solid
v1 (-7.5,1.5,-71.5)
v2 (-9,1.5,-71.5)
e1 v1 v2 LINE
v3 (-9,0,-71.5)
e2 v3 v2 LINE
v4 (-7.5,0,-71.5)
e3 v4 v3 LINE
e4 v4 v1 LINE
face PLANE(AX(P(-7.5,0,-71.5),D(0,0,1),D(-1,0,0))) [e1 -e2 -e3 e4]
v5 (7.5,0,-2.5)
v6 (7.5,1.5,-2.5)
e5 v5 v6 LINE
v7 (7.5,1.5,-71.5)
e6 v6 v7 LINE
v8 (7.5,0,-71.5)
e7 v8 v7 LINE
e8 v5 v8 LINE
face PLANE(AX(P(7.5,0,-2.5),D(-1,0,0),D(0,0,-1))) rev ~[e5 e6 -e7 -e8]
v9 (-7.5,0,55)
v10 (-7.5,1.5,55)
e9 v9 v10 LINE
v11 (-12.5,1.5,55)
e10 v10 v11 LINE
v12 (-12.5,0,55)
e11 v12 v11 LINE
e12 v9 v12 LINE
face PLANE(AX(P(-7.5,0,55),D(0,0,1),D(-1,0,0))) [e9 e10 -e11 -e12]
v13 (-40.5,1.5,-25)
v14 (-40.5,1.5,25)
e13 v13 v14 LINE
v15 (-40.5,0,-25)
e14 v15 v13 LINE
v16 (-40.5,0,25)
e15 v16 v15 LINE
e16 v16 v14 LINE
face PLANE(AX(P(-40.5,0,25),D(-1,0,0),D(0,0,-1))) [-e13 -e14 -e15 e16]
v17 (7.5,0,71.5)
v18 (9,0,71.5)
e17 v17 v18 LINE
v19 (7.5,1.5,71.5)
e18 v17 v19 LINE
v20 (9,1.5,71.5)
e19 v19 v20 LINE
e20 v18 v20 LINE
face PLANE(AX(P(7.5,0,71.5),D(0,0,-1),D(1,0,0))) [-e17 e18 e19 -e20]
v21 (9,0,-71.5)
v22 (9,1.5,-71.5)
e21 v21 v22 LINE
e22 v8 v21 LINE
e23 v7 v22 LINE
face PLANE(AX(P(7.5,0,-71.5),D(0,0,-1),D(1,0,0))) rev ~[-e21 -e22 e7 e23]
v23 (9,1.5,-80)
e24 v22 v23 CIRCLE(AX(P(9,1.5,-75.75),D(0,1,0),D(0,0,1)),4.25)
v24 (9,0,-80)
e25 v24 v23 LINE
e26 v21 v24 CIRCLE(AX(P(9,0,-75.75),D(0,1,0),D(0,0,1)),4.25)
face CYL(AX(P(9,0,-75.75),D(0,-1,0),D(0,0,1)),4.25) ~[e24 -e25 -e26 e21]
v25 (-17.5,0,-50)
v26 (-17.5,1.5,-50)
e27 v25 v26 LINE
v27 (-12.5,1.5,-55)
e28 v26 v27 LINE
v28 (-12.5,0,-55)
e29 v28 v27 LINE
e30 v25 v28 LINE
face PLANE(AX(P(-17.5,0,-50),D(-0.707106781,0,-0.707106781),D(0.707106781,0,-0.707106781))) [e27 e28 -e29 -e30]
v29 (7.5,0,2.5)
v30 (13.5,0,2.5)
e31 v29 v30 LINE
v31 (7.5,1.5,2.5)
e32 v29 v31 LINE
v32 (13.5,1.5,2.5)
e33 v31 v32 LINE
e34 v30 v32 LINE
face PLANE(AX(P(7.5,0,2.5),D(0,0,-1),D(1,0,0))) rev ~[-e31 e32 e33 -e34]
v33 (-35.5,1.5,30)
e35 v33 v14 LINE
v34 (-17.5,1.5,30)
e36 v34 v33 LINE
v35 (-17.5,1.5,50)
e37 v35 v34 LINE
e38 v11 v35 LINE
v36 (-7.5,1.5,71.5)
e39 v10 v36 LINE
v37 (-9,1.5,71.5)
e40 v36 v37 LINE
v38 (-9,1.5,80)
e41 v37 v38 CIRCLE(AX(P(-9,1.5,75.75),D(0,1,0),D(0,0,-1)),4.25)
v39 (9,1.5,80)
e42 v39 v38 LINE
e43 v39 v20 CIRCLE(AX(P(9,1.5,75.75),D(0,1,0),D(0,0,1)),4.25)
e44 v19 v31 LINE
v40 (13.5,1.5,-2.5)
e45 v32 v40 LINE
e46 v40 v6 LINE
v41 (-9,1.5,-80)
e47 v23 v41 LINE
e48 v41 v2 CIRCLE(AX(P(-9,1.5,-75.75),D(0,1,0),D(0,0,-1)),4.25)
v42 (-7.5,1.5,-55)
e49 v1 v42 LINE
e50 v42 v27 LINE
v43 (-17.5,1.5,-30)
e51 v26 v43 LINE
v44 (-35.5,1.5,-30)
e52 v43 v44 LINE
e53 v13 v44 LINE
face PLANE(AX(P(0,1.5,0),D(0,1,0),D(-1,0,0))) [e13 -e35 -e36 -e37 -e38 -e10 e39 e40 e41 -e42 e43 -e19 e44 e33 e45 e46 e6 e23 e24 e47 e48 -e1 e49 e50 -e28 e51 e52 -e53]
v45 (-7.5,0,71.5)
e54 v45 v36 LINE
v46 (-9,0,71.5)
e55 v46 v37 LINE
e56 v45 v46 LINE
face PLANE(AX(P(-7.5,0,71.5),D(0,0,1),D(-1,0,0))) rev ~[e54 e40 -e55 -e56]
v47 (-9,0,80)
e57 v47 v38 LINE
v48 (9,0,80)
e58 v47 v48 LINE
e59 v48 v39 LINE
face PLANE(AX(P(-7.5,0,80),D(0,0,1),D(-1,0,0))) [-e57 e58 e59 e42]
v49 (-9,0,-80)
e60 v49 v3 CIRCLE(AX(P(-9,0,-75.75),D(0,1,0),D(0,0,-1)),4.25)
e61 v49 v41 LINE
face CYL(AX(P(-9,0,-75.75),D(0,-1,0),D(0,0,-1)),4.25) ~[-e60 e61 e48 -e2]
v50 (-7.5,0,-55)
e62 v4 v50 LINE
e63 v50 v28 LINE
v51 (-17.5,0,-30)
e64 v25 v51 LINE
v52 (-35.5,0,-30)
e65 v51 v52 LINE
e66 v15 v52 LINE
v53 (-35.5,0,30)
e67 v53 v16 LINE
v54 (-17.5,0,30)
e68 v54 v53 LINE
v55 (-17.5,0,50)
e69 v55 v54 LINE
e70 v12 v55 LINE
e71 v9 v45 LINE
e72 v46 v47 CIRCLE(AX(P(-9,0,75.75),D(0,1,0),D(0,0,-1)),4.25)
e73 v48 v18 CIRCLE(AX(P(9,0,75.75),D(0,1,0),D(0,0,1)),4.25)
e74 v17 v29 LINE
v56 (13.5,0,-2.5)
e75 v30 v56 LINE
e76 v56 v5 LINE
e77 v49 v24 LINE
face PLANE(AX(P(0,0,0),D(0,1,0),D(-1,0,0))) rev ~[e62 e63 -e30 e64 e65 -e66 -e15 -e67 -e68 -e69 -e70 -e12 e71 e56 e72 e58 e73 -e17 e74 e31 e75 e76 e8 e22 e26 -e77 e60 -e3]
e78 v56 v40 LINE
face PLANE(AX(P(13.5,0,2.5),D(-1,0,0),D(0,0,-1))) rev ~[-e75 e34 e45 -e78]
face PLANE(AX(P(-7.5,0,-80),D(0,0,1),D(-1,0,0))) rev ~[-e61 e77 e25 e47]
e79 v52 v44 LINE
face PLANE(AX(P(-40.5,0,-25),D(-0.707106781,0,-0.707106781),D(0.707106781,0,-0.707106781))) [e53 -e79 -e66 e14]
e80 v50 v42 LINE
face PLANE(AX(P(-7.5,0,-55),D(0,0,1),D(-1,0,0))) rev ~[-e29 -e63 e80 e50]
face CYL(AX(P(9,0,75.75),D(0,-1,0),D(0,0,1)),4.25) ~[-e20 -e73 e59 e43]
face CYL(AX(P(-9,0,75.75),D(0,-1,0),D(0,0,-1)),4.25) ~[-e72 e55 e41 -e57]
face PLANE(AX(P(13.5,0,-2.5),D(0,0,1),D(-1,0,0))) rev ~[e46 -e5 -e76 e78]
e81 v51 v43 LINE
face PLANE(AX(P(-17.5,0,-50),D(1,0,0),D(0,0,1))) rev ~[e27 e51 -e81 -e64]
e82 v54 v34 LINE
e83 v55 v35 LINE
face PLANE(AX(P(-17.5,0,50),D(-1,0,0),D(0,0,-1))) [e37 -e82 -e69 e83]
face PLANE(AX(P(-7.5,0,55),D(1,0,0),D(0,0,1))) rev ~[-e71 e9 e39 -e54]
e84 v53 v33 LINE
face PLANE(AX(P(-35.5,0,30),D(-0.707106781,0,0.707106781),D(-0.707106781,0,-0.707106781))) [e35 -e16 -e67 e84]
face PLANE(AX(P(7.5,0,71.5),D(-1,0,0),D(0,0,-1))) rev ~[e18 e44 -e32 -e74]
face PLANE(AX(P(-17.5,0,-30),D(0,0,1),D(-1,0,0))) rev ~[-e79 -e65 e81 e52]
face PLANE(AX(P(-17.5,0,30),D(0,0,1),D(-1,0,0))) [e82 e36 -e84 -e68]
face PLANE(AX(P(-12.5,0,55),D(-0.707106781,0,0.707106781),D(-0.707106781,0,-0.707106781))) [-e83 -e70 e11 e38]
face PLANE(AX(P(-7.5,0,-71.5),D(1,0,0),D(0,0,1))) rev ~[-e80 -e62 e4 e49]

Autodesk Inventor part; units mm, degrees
ref_plane "YZ Plane" through (0, 0, 0) normal (1, 0, 0) x (0, 1, 0)
ref_plane "XZ Plane" through (0, 0, 0) normal (0, 1, 0) x (-1, 0, 0)
ref_plane "XY Plane" through (0, 0, 0) normal (0, 0, 1) x (1, 0, 0)
sketch "Sketch1" plane through (0, 0, 0) normal (0, 1, 0) x (-1, 0, 0)
  line L0 (7.5, 80) -> (-7.5, 80)
  line L1 (-7.5, -80) -> (7.5, -80)
  line L2 (7.5, 75.75) -> (7.85, 75.75)
  line L3 (7.5, 80) -> (9, 80)
  line L4 (7.5, 71.5) -> (9, 71.5)
  arc A0 (9, 71.5) -> (9, 80) centre (9, 75.75) ccw
  line L5 (7.5, 74.6) -> (9, 74.6)
  line L6 (7.5, 76.9) -> (9, 76.9)
  arc A1 (9, 74.6) -> (9, 76.9) centre (9, 75.75) ccw
  line L7 (7.5, 0) -> (-7.5, 0) construction
  line L8 (-7.5, 80) -> (-9, 80)
  line L9 (-7.5, 71.5) -> (-9, 71.5)
  arc A2 (-9, 80) -> (-9, 71.5) centre (-9, 75.75) ccw
  line L10 (-7.5, 74.6) -> (-9, 74.6)
  line L11 (-7.5, 76.9) -> (-9, 76.9)
  arc A3 (-9, 76.9) -> (-9, 74.6) centre (-9, 75.75) ccw
  line L12 (7.5, -80) -> (9, -80)
  line L13 (7.5, -71.5) -> (9, -71.5)
  arc A4 (9, -80) -> (9, -71.5) centre (9, -75.75) ccw
  line L14 (7.5, -74.6) -> (9, -74.6)
  line L15 (7.5, -76.9) -> (9, -76.9)
  arc A5 (9, -76.9) -> (9, -74.6) centre (9, -75.75) ccw
  arc A6 (-9, -71.5) -> (-9, -80) centre (-9, -75.75) ccw
  line L16 (-7.5, -71.5) -> (-9, -71.5)
  line L17 (-7.5, -74.6) -> (-9, -74.6)
  arc A7 (-9, -74.6) -> (-9, -76.9) centre (-9, -75.75) ccw
  line L18 (-7.5, -76.9) -> (-9, -76.9)
  line L19 (-7.5, -80) -> (-9, -80)
  line L20 (7.5, 55) -> (12.5, 55)
  line L21 (17.5, 50) -> (17.5, 30)
  line L22 (17.5, 30) -> (35.5, 30)
  line L23 (40.5, 25) -> (40.5, 0)
  line L24 (7.5, -55) -> (12.5, -55)
  line L25 (17.5, -50) -> (17.5, -30)
  line L26 (17.5, -30) -> (35.5, -30)
  line L27 (40.5, -25) -> (40.5, 0)
  line L28 (12.5, 55) -> (17.5, 50)
  line L29 (35.5, 30) -> (40.5, 25)
  line L30 (40.5, -25) -> (35.5, -30)
  line L31 (17.5, -50) -> (12.5, -55)
  circle A8 centre (33.5, 0) radius 1.025
  circle A9 centre (-11.5, 0) radius 1.025
  line L32 (-7.5, 2.5) -> (-13.5, 2.5)
  line L33 (-13.5, 2.5) -> (-13.5, -2.5)
  line L34 (-13.5, -2.5) -> (-7.5, -2.5)
  line L35 (7.5, -76.9) -> (7.5, -74.6)
  line L36 (7.5, -71.5) -> (7.5, -55)
  line L37 (-7.5, -2.5) -> (-7.5, -71.5)
  line L38 (-7.5, -74.6) -> (-7.5, -76.9)
  line L39 (7.5, 55) -> (7.5, 71.5)
  line L40 (7.5, 74.6) -> (7.5, 76.9)
  line L41 (-7.5, 76.9) -> (-7.5, 74.6)
  line L42 (-7.5, 71.5) -> (-7.5, 2.5)
  point P0 (0, 0)
  point P1 (0, 0)
  point P2 (8.25, 71.5)
  point P3 (17.5, 55)
  point P4 (40.5, 30)
  point P5 (17.5, -55)
  point P6 (40.5, -30)
  dimension "d0" = 160
  dimension "d2" = 1.5
  dimension "d3" = 4.25
  dimension "d5" = 4.25
  dimension "d6" = 4.25
  dimension "d7" = 1.15
  dimension "d8" = 1.15
  dimension "d9" = 1.15
  dimension "d10" = 10
  dimension "d11" = 25
  dimension "d12" = 23
  dimension "d13" = 25
  dimension "d14" = 25
  dimension "d15" = 5
  dimension "d16" = 5
  dimension "d17" = 5
  dimension "d18" = 5
  dimension "d19" = 5
  dimension "d20" = 5
  dimension "d21" = 5
  dimension "d22" = 5
  dimension "d24" = 2.05
  dimension "d25" = 7
  dimension "d26" = 2.05
extrude "Extrusion1" add sketch "Sketch1" along normal blind 1.5 contours L3 A0 L4 L39 L20 L28 L21 L22 L29 L23 L27 L30 L26 L25 L31 L24 L36 L13 A4 L12 L1 L19 A6 L16 L37 L34 L33 L32 L42 L9 A2 L8 L0 | L40 L6 A1 L5 | L10 A3 L11 L41 | L14 A5 L15 L35 | L38 L18 A7 L17 | A8 | A9
equation "\"d16\" = d15"
equation "\"d17\" = d15"
equation "\"d18\" = d17"
equation "\"d19\" = d15"
equation "\"d20\" = d19"
equation "\"d21\" = d15"
equation "\"d22\" = d21"
properties part number "linefollower_chassy_model_3"
